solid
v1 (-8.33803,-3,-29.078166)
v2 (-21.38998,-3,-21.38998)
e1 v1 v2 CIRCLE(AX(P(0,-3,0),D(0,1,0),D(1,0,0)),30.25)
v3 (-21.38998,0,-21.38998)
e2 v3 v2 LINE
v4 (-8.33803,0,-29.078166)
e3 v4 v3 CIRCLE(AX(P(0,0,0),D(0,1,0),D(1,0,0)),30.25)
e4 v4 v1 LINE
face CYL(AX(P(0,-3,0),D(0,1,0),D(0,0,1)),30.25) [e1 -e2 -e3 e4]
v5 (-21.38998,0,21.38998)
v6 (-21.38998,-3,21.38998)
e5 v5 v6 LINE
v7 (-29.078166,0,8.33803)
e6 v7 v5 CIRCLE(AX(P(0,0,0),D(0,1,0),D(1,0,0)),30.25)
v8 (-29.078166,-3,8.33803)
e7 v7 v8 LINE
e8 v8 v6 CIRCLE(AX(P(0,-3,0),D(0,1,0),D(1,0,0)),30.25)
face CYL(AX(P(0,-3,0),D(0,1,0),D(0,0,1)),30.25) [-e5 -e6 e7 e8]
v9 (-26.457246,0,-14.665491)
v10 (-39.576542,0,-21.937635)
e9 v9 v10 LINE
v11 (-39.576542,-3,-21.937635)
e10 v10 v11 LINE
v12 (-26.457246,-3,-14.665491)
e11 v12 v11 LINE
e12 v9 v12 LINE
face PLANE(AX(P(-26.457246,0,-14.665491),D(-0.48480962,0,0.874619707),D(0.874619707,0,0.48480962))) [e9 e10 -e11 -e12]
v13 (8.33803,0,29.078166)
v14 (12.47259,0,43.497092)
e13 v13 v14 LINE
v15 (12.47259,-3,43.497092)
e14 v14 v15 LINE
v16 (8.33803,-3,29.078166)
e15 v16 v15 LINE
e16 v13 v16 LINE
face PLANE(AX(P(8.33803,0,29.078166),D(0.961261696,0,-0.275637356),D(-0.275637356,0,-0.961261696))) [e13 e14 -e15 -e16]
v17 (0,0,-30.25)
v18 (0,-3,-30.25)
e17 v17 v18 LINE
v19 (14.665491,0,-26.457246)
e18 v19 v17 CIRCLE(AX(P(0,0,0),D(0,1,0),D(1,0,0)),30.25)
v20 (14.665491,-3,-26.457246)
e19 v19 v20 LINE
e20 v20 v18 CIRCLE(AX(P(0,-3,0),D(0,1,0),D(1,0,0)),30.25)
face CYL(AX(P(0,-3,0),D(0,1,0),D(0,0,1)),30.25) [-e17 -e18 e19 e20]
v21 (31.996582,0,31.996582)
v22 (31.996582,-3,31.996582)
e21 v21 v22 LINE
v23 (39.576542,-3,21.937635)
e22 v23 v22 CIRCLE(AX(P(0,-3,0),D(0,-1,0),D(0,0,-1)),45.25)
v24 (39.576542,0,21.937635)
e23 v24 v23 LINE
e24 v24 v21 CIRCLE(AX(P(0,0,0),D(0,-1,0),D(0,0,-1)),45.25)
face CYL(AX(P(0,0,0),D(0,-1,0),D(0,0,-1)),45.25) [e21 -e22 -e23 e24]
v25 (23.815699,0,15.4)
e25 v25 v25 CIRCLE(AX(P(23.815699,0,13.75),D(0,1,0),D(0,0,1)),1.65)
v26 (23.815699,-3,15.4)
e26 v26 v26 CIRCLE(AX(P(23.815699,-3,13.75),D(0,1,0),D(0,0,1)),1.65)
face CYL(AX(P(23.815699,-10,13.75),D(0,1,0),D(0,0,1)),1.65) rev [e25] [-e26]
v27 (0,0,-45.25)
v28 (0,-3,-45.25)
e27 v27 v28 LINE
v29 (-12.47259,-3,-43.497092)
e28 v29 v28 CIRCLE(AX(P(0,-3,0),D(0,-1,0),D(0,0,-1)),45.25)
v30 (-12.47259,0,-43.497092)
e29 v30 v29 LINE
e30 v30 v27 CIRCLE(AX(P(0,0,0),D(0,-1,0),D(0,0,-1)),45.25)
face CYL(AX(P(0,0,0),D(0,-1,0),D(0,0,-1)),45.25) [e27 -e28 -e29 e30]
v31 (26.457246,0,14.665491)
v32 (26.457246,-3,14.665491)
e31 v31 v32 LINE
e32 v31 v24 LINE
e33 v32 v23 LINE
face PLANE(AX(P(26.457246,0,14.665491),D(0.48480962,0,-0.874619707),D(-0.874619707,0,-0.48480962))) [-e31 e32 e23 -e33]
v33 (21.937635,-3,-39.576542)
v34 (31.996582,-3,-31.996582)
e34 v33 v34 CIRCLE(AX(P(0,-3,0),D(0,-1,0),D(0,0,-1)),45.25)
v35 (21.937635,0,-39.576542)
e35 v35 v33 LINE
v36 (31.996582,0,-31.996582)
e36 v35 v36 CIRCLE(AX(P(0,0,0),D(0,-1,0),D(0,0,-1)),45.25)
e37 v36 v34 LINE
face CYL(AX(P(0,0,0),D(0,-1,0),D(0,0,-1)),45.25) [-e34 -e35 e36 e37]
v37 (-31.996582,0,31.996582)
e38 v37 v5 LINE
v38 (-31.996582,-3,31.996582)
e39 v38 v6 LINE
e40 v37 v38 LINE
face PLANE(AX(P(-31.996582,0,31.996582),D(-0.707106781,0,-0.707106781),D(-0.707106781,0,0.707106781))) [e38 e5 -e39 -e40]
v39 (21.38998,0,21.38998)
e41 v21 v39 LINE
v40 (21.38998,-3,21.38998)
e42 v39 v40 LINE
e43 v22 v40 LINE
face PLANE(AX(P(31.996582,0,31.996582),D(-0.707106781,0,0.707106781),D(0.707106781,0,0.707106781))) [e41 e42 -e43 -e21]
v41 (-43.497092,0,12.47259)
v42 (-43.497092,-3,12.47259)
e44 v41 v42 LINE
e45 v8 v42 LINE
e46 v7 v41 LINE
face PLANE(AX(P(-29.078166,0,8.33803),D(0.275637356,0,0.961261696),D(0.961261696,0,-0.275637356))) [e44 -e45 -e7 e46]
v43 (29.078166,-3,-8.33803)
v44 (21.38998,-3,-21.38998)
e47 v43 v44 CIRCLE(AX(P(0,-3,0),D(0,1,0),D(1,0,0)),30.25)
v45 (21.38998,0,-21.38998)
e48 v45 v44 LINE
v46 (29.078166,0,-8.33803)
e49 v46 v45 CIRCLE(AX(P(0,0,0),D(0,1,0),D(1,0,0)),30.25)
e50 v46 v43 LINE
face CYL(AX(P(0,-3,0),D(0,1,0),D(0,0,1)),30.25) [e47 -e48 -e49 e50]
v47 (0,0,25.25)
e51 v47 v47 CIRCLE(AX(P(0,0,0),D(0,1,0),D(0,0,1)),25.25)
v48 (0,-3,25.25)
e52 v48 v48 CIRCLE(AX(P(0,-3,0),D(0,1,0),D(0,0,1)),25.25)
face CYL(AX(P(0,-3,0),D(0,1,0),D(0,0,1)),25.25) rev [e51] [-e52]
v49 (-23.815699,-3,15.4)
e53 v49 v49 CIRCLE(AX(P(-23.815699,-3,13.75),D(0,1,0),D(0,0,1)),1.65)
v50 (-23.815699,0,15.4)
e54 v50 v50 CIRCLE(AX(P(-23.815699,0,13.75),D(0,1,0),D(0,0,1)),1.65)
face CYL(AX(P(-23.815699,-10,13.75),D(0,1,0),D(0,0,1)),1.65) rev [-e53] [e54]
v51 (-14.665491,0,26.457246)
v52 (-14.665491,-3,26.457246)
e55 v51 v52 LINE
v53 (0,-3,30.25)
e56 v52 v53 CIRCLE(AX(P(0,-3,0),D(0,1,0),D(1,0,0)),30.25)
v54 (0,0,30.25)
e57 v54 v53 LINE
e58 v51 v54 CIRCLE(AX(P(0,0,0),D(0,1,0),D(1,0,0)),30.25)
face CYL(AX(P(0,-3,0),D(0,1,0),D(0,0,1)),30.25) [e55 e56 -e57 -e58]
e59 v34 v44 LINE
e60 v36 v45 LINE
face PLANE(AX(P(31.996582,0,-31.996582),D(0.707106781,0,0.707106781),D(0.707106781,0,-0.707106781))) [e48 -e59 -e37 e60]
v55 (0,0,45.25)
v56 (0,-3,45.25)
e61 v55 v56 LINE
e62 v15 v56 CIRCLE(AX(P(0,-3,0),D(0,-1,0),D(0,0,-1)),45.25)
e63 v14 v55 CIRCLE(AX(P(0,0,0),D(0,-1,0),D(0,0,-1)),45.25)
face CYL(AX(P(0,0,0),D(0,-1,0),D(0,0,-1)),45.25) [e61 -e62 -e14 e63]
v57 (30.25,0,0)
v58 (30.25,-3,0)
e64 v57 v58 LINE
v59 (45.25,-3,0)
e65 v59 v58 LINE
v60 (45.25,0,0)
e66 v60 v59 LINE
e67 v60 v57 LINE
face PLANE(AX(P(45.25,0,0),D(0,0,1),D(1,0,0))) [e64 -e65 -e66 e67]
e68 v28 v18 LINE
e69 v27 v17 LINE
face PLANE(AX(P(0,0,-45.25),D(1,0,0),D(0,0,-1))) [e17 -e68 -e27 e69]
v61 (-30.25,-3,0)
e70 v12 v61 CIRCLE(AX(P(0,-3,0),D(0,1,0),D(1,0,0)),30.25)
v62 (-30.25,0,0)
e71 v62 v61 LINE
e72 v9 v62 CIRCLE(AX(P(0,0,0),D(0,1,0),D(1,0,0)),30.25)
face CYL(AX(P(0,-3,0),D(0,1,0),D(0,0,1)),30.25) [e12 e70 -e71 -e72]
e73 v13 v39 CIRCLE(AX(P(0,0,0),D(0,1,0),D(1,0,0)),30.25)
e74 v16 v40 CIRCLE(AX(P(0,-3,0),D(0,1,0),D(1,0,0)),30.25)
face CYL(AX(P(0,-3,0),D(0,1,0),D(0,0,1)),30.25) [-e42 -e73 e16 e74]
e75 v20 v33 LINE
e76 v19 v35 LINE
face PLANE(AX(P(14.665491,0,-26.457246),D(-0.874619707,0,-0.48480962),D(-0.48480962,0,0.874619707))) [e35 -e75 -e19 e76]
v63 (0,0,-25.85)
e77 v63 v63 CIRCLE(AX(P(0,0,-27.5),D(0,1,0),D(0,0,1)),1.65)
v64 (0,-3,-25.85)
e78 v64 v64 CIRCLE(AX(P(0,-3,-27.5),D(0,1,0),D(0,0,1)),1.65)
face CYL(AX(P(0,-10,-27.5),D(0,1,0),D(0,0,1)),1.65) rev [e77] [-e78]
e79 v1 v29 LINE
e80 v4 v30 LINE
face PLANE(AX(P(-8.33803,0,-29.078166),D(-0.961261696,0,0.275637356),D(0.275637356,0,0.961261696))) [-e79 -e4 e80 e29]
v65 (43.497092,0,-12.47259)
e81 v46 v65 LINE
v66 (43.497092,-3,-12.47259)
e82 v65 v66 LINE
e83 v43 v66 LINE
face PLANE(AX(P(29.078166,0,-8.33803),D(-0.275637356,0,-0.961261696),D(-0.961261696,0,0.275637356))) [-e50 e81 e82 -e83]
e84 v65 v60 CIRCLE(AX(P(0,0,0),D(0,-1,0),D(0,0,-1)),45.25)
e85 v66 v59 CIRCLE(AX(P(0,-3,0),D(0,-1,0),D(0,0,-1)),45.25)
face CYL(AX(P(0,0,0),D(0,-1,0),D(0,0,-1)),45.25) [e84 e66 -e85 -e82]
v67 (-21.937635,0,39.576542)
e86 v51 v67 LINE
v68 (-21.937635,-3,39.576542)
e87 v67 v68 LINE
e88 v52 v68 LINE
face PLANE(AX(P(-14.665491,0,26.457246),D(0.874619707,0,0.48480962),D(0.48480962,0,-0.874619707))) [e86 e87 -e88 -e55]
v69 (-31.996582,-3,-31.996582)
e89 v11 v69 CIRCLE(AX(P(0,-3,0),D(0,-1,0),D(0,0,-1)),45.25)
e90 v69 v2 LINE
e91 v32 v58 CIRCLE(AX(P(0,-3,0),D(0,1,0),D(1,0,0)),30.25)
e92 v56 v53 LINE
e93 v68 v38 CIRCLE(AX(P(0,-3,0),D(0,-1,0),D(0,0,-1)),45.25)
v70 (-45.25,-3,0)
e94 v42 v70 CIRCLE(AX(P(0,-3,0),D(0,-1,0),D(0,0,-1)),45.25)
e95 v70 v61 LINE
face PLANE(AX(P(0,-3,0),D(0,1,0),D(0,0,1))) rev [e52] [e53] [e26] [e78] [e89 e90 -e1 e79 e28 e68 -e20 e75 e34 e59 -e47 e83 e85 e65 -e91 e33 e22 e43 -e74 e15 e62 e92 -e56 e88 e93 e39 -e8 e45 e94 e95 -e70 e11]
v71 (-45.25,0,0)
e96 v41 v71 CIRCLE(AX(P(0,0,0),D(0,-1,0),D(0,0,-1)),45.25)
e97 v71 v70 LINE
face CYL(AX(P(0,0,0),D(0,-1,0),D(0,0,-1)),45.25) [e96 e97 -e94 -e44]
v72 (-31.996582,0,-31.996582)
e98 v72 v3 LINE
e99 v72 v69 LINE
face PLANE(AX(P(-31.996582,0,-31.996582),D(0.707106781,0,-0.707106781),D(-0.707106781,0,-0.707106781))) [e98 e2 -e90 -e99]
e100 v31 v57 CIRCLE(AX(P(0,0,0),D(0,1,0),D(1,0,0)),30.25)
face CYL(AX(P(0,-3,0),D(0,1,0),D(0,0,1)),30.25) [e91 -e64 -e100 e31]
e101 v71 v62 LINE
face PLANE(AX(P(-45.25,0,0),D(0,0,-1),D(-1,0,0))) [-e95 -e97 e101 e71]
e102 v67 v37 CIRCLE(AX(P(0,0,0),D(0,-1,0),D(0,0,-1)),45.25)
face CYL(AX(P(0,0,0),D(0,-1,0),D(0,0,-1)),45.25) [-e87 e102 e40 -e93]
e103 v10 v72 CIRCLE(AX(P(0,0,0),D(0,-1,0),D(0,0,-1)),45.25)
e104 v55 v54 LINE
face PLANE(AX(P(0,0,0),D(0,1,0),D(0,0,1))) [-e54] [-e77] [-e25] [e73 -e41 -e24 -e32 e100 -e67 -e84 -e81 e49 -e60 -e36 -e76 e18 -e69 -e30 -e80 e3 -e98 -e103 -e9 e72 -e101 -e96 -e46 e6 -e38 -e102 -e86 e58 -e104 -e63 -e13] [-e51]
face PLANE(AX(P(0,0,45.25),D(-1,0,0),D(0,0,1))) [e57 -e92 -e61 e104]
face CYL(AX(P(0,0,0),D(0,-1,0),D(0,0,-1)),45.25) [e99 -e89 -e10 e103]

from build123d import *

# Parameters (mm, degrees)
SKETCH1_R           = 30.25
SKETCH1_R_2         = 25.25
EXTRUDE_THIN1_DEPTH = 3
SKETCH2_R           = 1.65
CUT_EXTRUDE3_DEPTH  = 10
BOSS_EXTRUDE1_DEPTH = 3


with BuildPart() as part:
    # Sketch1 → Extrude-Thin1 (new body)
    with BuildSketch(Plane(origin=(0, 0, 0), x_dir=(1, 0, 0), z_dir=(0, 1, 0))):
        Circle(SKETCH1_R)
        Circle(SKETCH1_R_2, mode=Mode.SUBTRACT)
    extrude(amount=-EXTRUDE_THIN1_DEPTH)

    # Sketch2 → Cut-Extrude3 (cut)
    with BuildSketch(Plane(origin=(0, 0, 0), x_dir=(1, 0, 0), z_dir=(0, 1, 0))):
        with Locations((0, 27.5)):
            Circle(SKETCH2_R)
        with Locations((23.815698604, -13.75)):
            Circle(SKETCH2_R)
        with Locations((-23.815698604, -13.75)):
            Circle(SKETCH2_R)
    extrude(amount=-CUT_EXTRUDE3_DEPTH, mode=Mode.SUBTRACT)

    # Sketch5 → Boss-Extrude1 (add)
    with BuildSketch(Plane.XZ.offset(3)):
        with BuildLine():
            Line((0, 45.25), (0, 30.25))
            ThreePointArc((0, 30.25), (4.209986304, 29.955609079), (8.338030013, 29.078166302))
            Line((8.338030013, 29.078166302), (12.472590351, 43.497091741))
            ThreePointArc((12.472590351, 43.497091741), (6.297582818, 44.809630111), (0, 45.25))
        make_face()
        with BuildLine():
            Line((31.996581849, 31.996581849), (21.389980131, 21.389980131))
            ThreePointArc((21.389980131, 21.389980131), (24.158724179, 18.20490445), (26.457246141, 14.665491012))
            Line((26.457246141, 14.665491012), (39.576541748, 21.937635316))
            ThreePointArc((39.576541748, 21.937635316), (36.13825683, 27.232129798), (31.996581849, 31.996581849))
        make_face()
        with BuildLine():
            Line((45.25, 0), (30.25, 0))
            ThreePointArc((30.25, 0), (29.955609079, -4.209986304), (29.078166302, -8.338030013))
            Line((29.078166302, -8.338030013), (43.497091741, -12.472590351))
            ThreePointArc((43.497091741, -12.472590351), (44.809630111, -6.297582818), (45.25, 0))
        make_face()
        with BuildLine():
            Line((31.996581849, -31.996581849), (21.389980131, -21.389980131))
            ThreePointArc((21.389980131, -21.389980131), (18.20490445, -24.158724179), (14.665491012, -26.457246141))
            Line((14.665491012, -26.457246141), (21.937635316, -39.576541748))
            ThreePointArc((21.937635316, -39.576541748), (27.232129798, -36.13825683), (31.996581849, -31.996581849))
        make_face()
        with BuildLine():
            Line((0, -45.25), (0, -30.25))
            ThreePointArc((0, -30.25), (-4.209986304, -29.955609079), (-8.338030013, -29.078166302))
            Line((-8.338030013, -29.078166302), (-12.472590351, -43.497091741))
            ThreePointArc((-12.472590351, -43.497091741), (-6.297582818, -44.809630111), (0, -45.25))
        make_face()
        with BuildLine():
            Line((-31.996581849, -31.996581849), (-21.389980131, -21.389980131))
            ThreePointArc((-21.389980131, -21.389980131), (-24.158724179, -18.20490445), (-26.457246141, -14.665491012))
            Line((-26.457246141, -14.665491012), (-39.576541748, -21.937635316))
            ThreePointArc((-39.576541748, -21.937635316), (-36.13825683, -27.232129798), (-31.996581849, -31.996581849))
        make_face()
        with BuildLine():
            Line((-45.25, 0), (-30.25, 0))
            ThreePointArc((-30.25, 0), (-29.955609079, 4.209986304), (-29.078166302, 8.338030013))
            Line((-29.078166302, 8.338030013), (-43.497091741, 12.472590351))
            ThreePointArc((-43.497091741, 12.472590351), (-44.809630111, 6.297582818), (-45.25, 0))
        make_face()
        with BuildLine():
            Line((-31.996581849, 31.996581849), (-21.389980131, 21.389980131))
            ThreePointArc((-21.389980131, 21.389980131), (-18.20490445, 24.158724179), (-14.665491012, 26.457246141))
            Line((-14.665491012, 26.457246141), (-21.937635316, 39.576541748))
            ThreePointArc((-21.937635316, 39.576541748), (-27.232129798, 36.13825683), (-31.996581849, 31.996581849))
        make_face()
    extrude(amount=-BOSS_EXTRUDE1_DEPTH)


solid = part.part
